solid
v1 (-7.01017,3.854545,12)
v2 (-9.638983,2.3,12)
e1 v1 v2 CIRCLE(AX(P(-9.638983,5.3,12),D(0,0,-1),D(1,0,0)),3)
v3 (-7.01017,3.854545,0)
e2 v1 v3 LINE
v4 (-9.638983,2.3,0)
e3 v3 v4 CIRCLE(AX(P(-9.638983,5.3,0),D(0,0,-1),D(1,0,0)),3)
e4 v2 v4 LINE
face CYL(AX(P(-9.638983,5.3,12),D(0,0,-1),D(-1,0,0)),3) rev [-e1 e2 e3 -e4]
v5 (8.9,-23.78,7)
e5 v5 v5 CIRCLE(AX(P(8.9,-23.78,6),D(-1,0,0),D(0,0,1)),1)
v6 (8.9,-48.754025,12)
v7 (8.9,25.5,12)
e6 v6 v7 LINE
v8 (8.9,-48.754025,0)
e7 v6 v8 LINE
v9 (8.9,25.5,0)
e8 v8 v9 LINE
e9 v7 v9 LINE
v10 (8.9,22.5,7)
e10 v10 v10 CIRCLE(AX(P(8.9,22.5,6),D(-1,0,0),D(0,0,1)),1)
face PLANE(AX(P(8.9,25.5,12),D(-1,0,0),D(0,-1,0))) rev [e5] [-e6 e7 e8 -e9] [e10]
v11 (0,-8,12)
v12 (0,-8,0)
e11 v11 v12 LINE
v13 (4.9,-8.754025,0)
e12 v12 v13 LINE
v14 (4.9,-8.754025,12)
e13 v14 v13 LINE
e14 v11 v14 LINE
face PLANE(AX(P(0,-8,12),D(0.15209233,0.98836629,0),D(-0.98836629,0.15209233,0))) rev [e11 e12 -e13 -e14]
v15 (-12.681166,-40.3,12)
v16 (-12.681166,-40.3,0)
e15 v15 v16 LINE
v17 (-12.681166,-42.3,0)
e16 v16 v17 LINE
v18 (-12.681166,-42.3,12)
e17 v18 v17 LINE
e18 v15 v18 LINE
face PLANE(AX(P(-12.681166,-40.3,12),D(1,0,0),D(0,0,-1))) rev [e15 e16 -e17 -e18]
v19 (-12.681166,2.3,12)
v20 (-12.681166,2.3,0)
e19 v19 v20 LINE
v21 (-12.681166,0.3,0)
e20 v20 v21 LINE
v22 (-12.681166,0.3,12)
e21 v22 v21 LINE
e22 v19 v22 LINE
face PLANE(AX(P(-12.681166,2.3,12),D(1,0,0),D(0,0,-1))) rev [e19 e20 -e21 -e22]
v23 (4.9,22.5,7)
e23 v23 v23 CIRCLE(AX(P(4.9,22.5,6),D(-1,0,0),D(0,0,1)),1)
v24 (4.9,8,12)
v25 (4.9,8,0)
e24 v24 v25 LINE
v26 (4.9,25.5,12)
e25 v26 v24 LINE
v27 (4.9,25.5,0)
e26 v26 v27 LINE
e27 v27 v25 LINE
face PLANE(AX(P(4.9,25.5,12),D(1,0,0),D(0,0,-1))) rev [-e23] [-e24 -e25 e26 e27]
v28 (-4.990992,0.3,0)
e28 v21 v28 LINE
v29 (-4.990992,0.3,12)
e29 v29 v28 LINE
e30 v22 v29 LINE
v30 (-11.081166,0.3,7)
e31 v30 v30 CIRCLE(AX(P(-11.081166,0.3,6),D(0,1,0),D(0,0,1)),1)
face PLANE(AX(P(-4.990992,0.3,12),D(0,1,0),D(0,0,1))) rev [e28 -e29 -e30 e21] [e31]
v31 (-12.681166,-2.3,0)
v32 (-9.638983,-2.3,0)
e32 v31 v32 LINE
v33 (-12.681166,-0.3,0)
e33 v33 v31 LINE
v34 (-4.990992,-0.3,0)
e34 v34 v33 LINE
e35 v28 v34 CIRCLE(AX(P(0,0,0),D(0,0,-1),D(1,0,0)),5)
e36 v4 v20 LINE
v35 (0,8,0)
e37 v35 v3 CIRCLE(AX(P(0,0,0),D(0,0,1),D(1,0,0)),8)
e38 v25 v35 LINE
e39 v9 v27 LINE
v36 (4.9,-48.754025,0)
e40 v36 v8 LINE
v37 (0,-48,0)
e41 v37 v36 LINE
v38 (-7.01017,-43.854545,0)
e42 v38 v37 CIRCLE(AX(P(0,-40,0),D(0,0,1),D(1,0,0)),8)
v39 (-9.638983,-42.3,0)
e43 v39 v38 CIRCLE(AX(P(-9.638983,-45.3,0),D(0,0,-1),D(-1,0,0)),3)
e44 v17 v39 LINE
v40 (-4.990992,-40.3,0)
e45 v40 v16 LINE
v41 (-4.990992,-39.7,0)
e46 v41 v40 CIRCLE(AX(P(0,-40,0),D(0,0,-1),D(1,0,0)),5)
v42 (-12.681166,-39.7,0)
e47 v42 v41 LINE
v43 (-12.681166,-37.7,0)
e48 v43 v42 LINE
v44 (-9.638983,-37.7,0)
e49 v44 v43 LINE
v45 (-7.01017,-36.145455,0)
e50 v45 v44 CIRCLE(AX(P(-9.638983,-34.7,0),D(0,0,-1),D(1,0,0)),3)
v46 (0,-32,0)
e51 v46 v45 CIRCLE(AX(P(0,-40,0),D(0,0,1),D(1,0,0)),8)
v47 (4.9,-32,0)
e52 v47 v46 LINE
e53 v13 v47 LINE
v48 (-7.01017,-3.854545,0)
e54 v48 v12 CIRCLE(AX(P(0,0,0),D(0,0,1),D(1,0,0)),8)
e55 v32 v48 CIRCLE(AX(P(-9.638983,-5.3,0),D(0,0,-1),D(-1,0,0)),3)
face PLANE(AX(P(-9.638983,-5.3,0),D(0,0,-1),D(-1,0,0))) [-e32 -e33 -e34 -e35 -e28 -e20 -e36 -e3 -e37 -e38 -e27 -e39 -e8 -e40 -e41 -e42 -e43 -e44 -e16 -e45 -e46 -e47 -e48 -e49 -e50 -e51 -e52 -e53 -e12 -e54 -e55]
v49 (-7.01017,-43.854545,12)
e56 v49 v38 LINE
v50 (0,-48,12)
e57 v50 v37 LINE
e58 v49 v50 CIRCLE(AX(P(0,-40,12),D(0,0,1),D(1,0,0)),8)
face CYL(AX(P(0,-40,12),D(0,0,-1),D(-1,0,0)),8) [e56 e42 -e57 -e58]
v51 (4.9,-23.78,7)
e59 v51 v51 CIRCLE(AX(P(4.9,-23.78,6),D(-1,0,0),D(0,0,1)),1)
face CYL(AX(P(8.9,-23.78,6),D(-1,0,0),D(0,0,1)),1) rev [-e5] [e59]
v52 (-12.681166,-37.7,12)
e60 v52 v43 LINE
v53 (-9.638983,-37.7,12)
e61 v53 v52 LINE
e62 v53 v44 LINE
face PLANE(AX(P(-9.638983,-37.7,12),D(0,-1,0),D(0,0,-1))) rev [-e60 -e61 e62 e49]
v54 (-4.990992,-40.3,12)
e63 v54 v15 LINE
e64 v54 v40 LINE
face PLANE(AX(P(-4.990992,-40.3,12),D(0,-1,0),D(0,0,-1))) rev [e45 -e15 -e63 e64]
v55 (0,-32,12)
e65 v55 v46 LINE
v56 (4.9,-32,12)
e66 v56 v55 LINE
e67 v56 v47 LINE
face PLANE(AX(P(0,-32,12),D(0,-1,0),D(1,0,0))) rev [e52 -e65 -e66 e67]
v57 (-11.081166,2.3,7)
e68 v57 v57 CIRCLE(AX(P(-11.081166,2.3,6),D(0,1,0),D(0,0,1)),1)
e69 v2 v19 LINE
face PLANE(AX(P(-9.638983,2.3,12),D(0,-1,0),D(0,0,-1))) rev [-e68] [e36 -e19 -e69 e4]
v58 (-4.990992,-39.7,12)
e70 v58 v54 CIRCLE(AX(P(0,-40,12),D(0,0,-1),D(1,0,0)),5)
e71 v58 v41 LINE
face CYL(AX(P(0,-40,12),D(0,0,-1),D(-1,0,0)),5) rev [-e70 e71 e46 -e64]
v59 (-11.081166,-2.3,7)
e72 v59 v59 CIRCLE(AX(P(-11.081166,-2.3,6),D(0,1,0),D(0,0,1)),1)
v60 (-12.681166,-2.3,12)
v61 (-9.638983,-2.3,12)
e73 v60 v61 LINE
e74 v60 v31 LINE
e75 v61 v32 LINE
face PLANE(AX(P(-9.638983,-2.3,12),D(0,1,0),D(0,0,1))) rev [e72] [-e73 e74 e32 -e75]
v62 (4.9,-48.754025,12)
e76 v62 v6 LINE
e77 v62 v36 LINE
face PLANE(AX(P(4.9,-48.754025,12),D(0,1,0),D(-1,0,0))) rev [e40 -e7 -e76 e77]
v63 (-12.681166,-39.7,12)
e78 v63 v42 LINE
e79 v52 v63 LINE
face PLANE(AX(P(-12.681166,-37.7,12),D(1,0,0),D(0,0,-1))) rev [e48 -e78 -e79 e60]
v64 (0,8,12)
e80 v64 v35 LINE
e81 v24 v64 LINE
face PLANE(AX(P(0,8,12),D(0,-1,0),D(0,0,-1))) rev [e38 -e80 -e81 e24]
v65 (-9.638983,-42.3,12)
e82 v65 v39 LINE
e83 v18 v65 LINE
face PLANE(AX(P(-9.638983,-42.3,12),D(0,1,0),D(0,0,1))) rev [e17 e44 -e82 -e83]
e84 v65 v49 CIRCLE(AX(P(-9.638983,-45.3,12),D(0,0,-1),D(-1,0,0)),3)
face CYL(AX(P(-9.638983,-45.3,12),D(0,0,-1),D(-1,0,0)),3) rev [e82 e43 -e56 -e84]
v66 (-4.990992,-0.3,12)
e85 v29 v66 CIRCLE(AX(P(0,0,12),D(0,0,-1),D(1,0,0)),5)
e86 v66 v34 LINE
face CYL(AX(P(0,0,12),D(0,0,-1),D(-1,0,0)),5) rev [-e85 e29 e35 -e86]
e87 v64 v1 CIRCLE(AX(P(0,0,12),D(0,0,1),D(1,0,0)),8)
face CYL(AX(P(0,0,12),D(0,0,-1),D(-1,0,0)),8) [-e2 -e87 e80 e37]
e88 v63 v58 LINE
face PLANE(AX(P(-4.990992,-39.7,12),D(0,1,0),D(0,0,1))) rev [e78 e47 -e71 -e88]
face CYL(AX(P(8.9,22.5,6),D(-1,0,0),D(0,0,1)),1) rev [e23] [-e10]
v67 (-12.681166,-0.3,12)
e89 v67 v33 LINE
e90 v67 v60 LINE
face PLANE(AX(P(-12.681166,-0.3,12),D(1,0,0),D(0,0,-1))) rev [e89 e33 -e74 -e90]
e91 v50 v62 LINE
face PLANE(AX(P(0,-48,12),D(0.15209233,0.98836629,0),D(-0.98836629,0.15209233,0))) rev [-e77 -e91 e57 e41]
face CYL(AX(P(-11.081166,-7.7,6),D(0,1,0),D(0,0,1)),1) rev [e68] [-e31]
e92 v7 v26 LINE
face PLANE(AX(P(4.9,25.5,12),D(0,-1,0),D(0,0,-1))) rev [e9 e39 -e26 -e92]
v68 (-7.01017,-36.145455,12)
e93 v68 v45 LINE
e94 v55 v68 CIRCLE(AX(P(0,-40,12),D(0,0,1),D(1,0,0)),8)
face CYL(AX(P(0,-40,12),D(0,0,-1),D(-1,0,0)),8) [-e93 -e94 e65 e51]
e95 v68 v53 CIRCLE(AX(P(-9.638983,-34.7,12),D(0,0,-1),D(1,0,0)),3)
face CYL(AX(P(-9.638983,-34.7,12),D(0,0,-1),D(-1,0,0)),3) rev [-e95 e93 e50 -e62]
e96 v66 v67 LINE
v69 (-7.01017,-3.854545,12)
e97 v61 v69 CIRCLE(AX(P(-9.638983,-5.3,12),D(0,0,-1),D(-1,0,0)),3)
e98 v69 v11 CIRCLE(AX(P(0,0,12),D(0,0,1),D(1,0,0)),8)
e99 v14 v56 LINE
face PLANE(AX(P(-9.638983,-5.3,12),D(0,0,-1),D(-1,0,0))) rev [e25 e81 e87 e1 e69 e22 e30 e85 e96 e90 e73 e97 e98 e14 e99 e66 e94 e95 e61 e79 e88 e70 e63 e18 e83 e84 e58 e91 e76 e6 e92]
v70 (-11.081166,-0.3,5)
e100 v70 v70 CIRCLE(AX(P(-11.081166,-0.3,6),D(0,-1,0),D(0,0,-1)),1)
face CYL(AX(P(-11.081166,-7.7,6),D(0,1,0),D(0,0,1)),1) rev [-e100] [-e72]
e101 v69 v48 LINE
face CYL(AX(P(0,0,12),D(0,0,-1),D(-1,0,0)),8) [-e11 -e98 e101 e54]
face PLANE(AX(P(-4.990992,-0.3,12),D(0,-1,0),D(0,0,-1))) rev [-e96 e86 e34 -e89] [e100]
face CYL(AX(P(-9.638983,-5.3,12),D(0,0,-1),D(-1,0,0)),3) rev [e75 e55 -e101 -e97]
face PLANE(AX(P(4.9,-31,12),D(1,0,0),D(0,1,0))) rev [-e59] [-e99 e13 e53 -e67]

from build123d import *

# Parameters (mm, degrees)
EXTRUDE_1_DEPTH     = 12
SKETCH_2_R          = 1
CUT_EXTRUDE_1_DEPTH = 4
SKETCH_3_R          = 1
CUT_EXTRUDE_2_DEPTH = 10


with BuildPart() as part:
    # 草图1 → 凸台-拉伸1 (new body)
    with BuildSketch(Plane.XY):
        with BuildLine():
            Line((0, 8), (4.9, 8))
            Line((4.9, 8), (4.9, 25.5))
            Line((4.9, 25.5), (8.9, 25.5))
            Line((8.9, 25.5), (8.9, -48.754024521))
            Line((8.9, -48.754024521), (4.9, -48.754024521))
            Line((4.9, -48.754024521), (0, -48))
            ThreePointArc((0, -48), (-4.07207787, -46.886086103), (-7.010169708, -43.854545455))
            ThreePointArc((-7.010169708, -43.854545455), (-8.111954148, -42.717717711), (-9.638983349, -42.3))
            Line((-9.638983349, -42.3), (-12.681165581, -42.3))
            Line((-12.681165581, -42.3), (-12.681165581, -40.3))
            Line((-12.681165581, -40.3), (-4.990991885, -40.3))
            ThreePointArc((-4.990991885, -40.3), (5, -40), (-4.990991885, -39.7))
            Line((-4.990991885, -39.7), (-12.681165581, -39.7))
            Line((-12.681165581, -39.7), (-12.681165581, -37.7))
            Line((-12.681165581, -37.7), (-9.638983349, -37.7))
            ThreePointArc((-9.638983349, -37.7), (-8.111954148, -37.282282289), (-7.010169708, -36.145454545))
            ThreePointArc((-7.010169708, -36.145454545), (-4.07207787, -33.113913897), (0, -32))
            Line((0, -32), (4.9, -32))
            Line((4.9, -32), (4.9, -31))
            Line((4.9, -31), (4.9, -8.754024521))
            Line((4.9, -8.754024521), (0, -8))
            ThreePointArc((0, -8), (-4.07207787, -6.886086103), (-7.010169708, -3.854545455))
            ThreePointArc((-7.010169708, -3.854545455), (-8.111954148, -2.717717711), (-9.638983349, -2.3))
            Line((-9.638983349, -2.3), (-12.681165581, -2.3))
            Line((-12.681165581, -2.3), (-12.681165581, -0.3))
            Line((-12.681165581, -0.3), (-4.990991885, -0.3))
            ThreePointArc((-4.990991885, -0.3), (5, 0), (-4.990991885, 0.3))
            Line((-4.990991885, 0.3), (-12.681165581, 0.3))
            Line((-12.681165581, 0.3), (-12.681165581, 2.3))
            Line((-12.681165581, 2.3), (-9.638983349, 2.3))
            ThreePointArc((-9.638983349, 2.3), (-8.111954148, 2.717717711), (-7.010169708, 3.854545455))
            ThreePointArc((-7.010169708, 3.854545455), (-4.07207787, 6.886086103), (0, 8))
        make_face()
    extrude(amount=EXTRUDE_1_DEPTH)

    # 草图2 → 切除-拉伸1 (cut)
    with BuildSketch(Plane.ZY.offset(-4.9)):
        with Locations((6, 22.5)):
            Circle(SKETCH_2_R)
        with Locations((6, -23.78)):
            Circle(SKETCH_2_R)
    extrude(amount=-CUT_EXTRUDE_1_DEPTH, mode=Mode.SUBTRACT)

    # 草图3 → 切除-拉伸2 (cut)
    with BuildSketch(Plane(origin=(0, 2.3, 0), x_dir=(1, 0, 0), z_dir=(0, 1, 0))):
        with Locations((-11.081165581, -6)):
            Circle(SKETCH_3_R)
    extrude(amount=-CUT_EXTRUDE_2_DEPTH, mode=Mode.SUBTRACT)


solid = part.part
